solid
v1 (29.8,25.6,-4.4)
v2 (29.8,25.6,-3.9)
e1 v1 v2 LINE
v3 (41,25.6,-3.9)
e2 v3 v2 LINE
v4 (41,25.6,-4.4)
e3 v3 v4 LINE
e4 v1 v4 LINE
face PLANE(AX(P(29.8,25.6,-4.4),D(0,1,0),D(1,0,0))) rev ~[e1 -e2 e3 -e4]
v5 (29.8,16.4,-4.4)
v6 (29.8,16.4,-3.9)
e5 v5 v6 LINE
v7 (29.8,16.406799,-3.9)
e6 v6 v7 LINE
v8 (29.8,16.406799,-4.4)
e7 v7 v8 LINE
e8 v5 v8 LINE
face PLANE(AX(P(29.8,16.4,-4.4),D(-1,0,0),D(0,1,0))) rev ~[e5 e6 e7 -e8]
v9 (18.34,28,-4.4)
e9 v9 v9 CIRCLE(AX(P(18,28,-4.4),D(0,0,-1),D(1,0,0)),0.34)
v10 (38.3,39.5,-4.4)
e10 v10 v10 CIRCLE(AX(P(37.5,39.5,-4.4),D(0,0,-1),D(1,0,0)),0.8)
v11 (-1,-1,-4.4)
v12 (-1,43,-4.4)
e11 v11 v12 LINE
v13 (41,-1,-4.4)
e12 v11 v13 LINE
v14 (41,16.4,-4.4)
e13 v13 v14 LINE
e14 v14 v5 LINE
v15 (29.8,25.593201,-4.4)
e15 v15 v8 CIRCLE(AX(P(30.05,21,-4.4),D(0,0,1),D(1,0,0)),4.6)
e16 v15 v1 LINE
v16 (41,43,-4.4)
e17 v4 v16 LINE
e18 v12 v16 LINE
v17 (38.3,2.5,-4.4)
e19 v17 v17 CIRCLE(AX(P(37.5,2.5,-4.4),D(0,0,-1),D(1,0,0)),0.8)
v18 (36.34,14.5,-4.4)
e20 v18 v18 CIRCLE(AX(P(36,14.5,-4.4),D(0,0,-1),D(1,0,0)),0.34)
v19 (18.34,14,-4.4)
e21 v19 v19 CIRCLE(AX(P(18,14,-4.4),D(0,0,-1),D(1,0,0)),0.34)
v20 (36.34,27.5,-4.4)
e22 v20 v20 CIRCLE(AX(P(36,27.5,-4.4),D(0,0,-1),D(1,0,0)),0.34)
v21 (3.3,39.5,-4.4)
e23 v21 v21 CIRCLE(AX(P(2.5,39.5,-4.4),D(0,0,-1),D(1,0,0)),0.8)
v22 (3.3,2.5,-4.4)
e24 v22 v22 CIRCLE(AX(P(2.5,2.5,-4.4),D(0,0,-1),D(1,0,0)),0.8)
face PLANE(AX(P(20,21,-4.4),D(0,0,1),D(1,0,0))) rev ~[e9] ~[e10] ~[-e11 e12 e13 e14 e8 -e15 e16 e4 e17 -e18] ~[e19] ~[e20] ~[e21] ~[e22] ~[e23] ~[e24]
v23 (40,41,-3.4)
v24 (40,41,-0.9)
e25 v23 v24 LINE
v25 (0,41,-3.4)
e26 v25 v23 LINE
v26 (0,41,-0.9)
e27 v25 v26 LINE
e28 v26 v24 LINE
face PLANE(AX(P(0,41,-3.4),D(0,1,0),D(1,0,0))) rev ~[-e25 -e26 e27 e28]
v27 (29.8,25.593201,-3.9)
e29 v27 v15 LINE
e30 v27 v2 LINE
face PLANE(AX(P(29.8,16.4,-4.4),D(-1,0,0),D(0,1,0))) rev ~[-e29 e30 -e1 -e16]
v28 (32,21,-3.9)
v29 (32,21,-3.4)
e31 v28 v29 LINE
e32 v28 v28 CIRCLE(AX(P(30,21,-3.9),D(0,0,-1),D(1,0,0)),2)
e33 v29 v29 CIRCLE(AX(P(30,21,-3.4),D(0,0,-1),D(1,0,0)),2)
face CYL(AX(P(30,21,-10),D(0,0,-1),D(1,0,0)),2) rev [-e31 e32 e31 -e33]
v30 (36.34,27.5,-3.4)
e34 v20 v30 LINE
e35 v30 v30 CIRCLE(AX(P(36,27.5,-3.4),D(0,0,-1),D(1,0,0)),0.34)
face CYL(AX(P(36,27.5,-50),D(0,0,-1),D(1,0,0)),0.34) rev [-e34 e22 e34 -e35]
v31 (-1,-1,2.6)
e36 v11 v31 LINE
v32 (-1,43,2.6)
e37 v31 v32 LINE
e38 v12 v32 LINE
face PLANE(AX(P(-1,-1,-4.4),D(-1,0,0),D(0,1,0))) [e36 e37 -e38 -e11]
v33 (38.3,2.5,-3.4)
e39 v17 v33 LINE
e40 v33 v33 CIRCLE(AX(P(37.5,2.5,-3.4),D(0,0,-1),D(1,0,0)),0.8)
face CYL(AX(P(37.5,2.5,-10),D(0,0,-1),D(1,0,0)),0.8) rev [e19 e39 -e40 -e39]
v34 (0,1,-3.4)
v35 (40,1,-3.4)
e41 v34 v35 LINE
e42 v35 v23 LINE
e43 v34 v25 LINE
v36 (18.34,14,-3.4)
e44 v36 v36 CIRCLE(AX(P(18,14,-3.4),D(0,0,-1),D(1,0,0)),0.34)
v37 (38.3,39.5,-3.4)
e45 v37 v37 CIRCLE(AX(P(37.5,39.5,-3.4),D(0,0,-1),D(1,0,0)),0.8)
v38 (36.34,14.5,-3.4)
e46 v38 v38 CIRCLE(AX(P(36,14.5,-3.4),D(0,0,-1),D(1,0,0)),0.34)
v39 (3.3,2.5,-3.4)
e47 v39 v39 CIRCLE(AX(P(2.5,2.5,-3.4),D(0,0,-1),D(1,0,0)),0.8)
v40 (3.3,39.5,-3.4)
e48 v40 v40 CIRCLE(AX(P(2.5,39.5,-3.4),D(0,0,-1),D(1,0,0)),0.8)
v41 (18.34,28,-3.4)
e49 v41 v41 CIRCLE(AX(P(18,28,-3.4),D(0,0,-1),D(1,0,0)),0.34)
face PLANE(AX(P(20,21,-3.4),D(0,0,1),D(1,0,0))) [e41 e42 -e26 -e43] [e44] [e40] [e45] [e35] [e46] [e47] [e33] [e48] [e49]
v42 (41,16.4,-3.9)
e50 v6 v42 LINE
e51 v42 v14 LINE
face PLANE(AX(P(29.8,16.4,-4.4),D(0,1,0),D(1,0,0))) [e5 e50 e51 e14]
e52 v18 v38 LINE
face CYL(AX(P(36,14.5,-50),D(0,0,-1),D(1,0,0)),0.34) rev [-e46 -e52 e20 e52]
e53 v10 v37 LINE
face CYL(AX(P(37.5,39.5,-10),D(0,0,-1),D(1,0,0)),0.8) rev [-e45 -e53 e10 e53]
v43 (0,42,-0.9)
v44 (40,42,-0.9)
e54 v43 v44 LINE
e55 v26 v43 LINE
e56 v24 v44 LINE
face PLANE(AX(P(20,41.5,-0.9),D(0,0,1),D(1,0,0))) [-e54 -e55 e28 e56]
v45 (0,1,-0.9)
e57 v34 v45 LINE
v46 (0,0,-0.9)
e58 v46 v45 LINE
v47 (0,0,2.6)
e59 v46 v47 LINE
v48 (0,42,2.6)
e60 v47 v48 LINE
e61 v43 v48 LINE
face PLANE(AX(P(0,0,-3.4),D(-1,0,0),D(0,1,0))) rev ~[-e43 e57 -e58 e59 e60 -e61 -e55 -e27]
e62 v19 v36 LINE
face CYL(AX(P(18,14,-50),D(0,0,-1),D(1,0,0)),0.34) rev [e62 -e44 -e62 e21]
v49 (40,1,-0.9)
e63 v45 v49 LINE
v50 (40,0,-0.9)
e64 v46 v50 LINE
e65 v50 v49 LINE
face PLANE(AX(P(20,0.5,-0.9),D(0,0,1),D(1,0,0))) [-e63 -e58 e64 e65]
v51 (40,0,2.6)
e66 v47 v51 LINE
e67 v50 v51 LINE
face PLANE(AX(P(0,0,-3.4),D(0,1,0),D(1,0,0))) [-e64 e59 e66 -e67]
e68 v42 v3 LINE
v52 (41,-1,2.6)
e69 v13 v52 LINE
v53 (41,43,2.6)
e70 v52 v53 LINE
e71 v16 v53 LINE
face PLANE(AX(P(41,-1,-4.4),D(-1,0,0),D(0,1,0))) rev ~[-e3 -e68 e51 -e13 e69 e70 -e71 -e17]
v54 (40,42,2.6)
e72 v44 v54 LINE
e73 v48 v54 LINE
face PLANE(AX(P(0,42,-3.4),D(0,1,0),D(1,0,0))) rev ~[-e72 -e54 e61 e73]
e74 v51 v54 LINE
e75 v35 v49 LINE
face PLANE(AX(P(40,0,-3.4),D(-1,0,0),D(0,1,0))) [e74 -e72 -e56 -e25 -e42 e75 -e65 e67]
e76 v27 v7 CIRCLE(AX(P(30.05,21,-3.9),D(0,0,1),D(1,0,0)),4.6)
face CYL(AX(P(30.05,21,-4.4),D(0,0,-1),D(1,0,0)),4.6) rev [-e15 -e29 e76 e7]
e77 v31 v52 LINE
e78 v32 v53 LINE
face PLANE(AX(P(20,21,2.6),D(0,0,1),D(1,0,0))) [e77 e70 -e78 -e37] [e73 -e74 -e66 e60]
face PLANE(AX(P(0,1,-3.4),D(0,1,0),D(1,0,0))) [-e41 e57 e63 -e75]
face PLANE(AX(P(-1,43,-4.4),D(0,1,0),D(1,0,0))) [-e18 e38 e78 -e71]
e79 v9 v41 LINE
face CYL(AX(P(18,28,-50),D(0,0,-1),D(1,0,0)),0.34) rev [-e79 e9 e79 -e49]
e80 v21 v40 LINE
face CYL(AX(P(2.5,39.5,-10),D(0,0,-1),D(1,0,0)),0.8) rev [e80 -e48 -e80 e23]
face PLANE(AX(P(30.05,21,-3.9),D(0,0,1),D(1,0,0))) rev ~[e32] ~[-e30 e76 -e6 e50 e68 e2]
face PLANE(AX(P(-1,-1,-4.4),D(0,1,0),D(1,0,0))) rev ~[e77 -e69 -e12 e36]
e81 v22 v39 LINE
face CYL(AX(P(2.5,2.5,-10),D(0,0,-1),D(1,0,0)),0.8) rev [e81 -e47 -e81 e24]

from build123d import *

# Parameters (mm, degrees)
CYLINDER009_R     = 0.8
CYLINDER009_DEPTH = 20
CYLINDER010_R     = 0.8
CYLINDER010_DEPTH = 20
CYLINDER011_R     = 0.8
CYLINDER011_DEPTH = 20
CYLINDER008_R     = 0.8
CYLINDER008_DEPTH = 20
CYLINDER005_R     = 0.34
CYLINDER005_DEPTH = 100
CYLINDER006_R     = 0.34
CYLINDER006_DEPTH = 100
CYLINDER007_R     = 0.34
CYLINDER007_DEPTH = 100
CYLINDER004_R     = 0.34
CYLINDER004_DEPTH = 100
CYLINDER002_R     = 4.6
CYLINDER002_DEPTH = 0.5
CYLINDER003_R     = 4.6
CYLINDER003_DEPTH = 0.5
BOX008_W          = 18
BOX008_H          = 9.2
BOX008_DEPTH      = 0.5
BOX004_W          = 40
BOX004_H          = 1
BOX004_DEPTH      = 2.5
CYLINDER001_R     = 2
CYLINDER001_DEPTH = 20
BOX002_W          = 40
BOX002_H          = 42
BOX002_DEPTH      = 6
BOX001_W          = 42
BOX001_H          = 44
BOX001_DEPTH      = 7
BOX003_W          = 40
BOX003_H          = 1
BOX003_DEPTH      = 2.5


with BuildPart() as zylinder009:
    # Cylinder009 → Cylinder009 (new body)
    with BuildSketch(Plane(origin=(2.5, 2.5, -10), x_dir=(1, 0, 0), z_dir=(0, 0, 1))):
        Circle(CYLINDER009_R)
    extrude(amount=CYLINDER009_DEPTH)


with BuildPart() as zylinder010:
    # Cylinder010 → Cylinder010 (new body)
    with BuildSketch(Plane(origin=(37.5, 39.5, -10), x_dir=(1, 0, 0), z_dir=(0, 0, 1))):
        Circle(CYLINDER010_R)
    extrude(amount=CYLINDER010_DEPTH)


with BuildPart() as zylinder011:
    # Cylinder011 → Cylinder011 (new body)
    with BuildSketch(Plane(origin=(2.5, 39.5, -10), x_dir=(1, 0, 0), z_dir=(0, 0, 1))):
        Circle(CYLINDER011_R)
    extrude(amount=CYLINDER011_DEPTH)


with BuildPart() as compound005:
    # Cylinder008 → Cylinder008 (new body)
    with BuildSketch(Plane(origin=(37.5, 2.5, -10), x_dir=(1, 0, 0), z_dir=(0, 0, 1))):
        Circle(CYLINDER008_R)
    extrude(amount=CYLINDER008_DEPTH)

    # Compound005: union Zylinder009, Zylinder010, Zylinder011
    add(zylinder009.part)
    add(zylinder010.part)
    add(zylinder011.part)


with BuildPart() as zylinder005:
    # Cylinder005 → Cylinder005 (new body)
    with BuildSketch(Plane(origin=(18, 28, -50), x_dir=(1, 0, 0), z_dir=(0, 0, 1))):
        Circle(CYLINDER005_R)
    extrude(amount=CYLINDER005_DEPTH)


with BuildPart() as zylinder006:
    # Cylinder006 → Cylinder006 (new body)
    with BuildSketch(Plane(origin=(36, 14.5, -50), x_dir=(1, 0, 0), z_dir=(0, 0, 1))):
        Circle(CYLINDER006_R)
    extrude(amount=CYLINDER006_DEPTH)


with BuildPart() as zylinder007:
    # Cylinder007 → Cylinder007 (new body)
    with BuildSketch(Plane(origin=(36, 27.5, -50), x_dir=(1, 0, 0), z_dir=(0, 0, 1))):
        Circle(CYLINDER007_R)
    extrude(amount=CYLINDER007_DEPTH)


with BuildPart() as m1tapholes:
    # Cylinder004 → Cylinder004 (new body)
    with BuildSketch(Plane(origin=(18, 14, -50), x_dir=(1, 0, 0), z_dir=(0, 0, 1))):
        Circle(CYLINDER004_R)
    extrude(amount=CYLINDER004_DEPTH)

    # Compound002: union Zylinder005, Zylinder006, Zylinder007
    add(zylinder005.part)
    add(zylinder006.part)
    add(zylinder007.part)


with BuildPart() as zylinder002:
    # Cylinder002 → Cylinder002 (new body)
    with BuildSketch(Plane(origin=(27.75, 21, -4.4), x_dir=(1, 0, 0), z_dir=(0, 0, 1))):
        Circle(CYLINDER002_R)
    extrude(amount=CYLINDER002_DEPTH)


with BuildPart() as zylinder003:
    # Cylinder003 → Cylinder003 (new body)
    with BuildSketch(Plane(origin=(27.75, 21, -4.4), x_dir=(1, 0, 0), z_dir=(0, 0, 1))):
        Circle(CYLINDER003_R)
    extrude(amount=CYLINDER003_DEPTH)


with BuildPart() as fusion002:
    # Box008 → Box008 (new body)
    with BuildSketch(Plane(origin=(27.5, 16.4, -4.4), x_dir=(1, 0, 0), z_dir=(0, 0, 1))):
        with Locations((9, 4.6)):
            Rectangle(BOX008_W, BOX008_H)
    extrude(amount=BOX008_DEPTH)

    # Fusion002: union Zylinder002, Zylinder003
    add(zylinder002.part)
    add(zylinder003.part)


with BuildPart() as fusion002_1:
    # Fusion002 placement: moved
    add(fusion002.part.moved(Location((2.3, 0, 0))))


with BuildPart() as w_rfel004:
    # Box004 → Box004 (new body)
    with BuildSketch(Plane(origin=(0, 41, -3.4), x_dir=(1, 0, 0), z_dir=(0, 0, 1))):
        with Locations((20, 0.5)):
            Rectangle(BOX004_W, BOX004_H)
    extrude(amount=BOX004_DEPTH)


with BuildPart() as zylinder001:
    # Cylinder001 → Cylinder001 (new body)
    with BuildSketch(Plane(origin=(30, 21, -10), x_dir=(1, 0, 0), z_dir=(0, 0, 1))):
        Circle(CYLINDER001_R)
    extrude(amount=CYLINDER001_DEPTH)


with BuildPart() as w_rfel002:
    # Box002 → Box002 (new body)
    with BuildSketch(Plane.XY.offset(-3.4)):
        with Locations((20, 21)):
            Rectangle(BOX002_W, BOX002_H)
    extrude(amount=BOX002_DEPTH)


with BuildPart() as cut002:
    # Box001 → Box001 (new body)
    with BuildSketch(Plane(origin=(-1, -1, -4.4), x_dir=(1, 0, 0), z_dir=(0, 0, 1))):
        with Locations((21, 22)):
            Rectangle(BOX001_W, BOX001_H)
    extrude(amount=BOX001_DEPTH)

    # Cut001: cut Würfel002
    add(w_rfel002.part, mode=Mode.SUBTRACT)

    # Cut002: cut Zylinder001
    add(zylinder001.part, mode=Mode.SUBTRACT)


with BuildPart() as upperpart:
    # Box003 → Box003 (new body)
    with BuildSketch(Plane.XY.offset(-3.4)):
        with Locations((20, 0.5)):
            Rectangle(BOX003_W, BOX003_H)
    extrude(amount=BOX003_DEPTH)

    # Fusion: union Würfel004, Cut002
    add(w_rfel004.part)
    add(cut002.part)

    # Cut004: cut Fusion002
    add(fusion002_1.part, mode=Mode.SUBTRACT)

    # Cut005: cut M1TapHoles
    add(m1tapholes.part, mode=Mode.SUBTRACT)

    # Cut007: cut Compound005
    add(compound005.part, mode=Mode.SUBTRACT)


solid = upperpart.part
